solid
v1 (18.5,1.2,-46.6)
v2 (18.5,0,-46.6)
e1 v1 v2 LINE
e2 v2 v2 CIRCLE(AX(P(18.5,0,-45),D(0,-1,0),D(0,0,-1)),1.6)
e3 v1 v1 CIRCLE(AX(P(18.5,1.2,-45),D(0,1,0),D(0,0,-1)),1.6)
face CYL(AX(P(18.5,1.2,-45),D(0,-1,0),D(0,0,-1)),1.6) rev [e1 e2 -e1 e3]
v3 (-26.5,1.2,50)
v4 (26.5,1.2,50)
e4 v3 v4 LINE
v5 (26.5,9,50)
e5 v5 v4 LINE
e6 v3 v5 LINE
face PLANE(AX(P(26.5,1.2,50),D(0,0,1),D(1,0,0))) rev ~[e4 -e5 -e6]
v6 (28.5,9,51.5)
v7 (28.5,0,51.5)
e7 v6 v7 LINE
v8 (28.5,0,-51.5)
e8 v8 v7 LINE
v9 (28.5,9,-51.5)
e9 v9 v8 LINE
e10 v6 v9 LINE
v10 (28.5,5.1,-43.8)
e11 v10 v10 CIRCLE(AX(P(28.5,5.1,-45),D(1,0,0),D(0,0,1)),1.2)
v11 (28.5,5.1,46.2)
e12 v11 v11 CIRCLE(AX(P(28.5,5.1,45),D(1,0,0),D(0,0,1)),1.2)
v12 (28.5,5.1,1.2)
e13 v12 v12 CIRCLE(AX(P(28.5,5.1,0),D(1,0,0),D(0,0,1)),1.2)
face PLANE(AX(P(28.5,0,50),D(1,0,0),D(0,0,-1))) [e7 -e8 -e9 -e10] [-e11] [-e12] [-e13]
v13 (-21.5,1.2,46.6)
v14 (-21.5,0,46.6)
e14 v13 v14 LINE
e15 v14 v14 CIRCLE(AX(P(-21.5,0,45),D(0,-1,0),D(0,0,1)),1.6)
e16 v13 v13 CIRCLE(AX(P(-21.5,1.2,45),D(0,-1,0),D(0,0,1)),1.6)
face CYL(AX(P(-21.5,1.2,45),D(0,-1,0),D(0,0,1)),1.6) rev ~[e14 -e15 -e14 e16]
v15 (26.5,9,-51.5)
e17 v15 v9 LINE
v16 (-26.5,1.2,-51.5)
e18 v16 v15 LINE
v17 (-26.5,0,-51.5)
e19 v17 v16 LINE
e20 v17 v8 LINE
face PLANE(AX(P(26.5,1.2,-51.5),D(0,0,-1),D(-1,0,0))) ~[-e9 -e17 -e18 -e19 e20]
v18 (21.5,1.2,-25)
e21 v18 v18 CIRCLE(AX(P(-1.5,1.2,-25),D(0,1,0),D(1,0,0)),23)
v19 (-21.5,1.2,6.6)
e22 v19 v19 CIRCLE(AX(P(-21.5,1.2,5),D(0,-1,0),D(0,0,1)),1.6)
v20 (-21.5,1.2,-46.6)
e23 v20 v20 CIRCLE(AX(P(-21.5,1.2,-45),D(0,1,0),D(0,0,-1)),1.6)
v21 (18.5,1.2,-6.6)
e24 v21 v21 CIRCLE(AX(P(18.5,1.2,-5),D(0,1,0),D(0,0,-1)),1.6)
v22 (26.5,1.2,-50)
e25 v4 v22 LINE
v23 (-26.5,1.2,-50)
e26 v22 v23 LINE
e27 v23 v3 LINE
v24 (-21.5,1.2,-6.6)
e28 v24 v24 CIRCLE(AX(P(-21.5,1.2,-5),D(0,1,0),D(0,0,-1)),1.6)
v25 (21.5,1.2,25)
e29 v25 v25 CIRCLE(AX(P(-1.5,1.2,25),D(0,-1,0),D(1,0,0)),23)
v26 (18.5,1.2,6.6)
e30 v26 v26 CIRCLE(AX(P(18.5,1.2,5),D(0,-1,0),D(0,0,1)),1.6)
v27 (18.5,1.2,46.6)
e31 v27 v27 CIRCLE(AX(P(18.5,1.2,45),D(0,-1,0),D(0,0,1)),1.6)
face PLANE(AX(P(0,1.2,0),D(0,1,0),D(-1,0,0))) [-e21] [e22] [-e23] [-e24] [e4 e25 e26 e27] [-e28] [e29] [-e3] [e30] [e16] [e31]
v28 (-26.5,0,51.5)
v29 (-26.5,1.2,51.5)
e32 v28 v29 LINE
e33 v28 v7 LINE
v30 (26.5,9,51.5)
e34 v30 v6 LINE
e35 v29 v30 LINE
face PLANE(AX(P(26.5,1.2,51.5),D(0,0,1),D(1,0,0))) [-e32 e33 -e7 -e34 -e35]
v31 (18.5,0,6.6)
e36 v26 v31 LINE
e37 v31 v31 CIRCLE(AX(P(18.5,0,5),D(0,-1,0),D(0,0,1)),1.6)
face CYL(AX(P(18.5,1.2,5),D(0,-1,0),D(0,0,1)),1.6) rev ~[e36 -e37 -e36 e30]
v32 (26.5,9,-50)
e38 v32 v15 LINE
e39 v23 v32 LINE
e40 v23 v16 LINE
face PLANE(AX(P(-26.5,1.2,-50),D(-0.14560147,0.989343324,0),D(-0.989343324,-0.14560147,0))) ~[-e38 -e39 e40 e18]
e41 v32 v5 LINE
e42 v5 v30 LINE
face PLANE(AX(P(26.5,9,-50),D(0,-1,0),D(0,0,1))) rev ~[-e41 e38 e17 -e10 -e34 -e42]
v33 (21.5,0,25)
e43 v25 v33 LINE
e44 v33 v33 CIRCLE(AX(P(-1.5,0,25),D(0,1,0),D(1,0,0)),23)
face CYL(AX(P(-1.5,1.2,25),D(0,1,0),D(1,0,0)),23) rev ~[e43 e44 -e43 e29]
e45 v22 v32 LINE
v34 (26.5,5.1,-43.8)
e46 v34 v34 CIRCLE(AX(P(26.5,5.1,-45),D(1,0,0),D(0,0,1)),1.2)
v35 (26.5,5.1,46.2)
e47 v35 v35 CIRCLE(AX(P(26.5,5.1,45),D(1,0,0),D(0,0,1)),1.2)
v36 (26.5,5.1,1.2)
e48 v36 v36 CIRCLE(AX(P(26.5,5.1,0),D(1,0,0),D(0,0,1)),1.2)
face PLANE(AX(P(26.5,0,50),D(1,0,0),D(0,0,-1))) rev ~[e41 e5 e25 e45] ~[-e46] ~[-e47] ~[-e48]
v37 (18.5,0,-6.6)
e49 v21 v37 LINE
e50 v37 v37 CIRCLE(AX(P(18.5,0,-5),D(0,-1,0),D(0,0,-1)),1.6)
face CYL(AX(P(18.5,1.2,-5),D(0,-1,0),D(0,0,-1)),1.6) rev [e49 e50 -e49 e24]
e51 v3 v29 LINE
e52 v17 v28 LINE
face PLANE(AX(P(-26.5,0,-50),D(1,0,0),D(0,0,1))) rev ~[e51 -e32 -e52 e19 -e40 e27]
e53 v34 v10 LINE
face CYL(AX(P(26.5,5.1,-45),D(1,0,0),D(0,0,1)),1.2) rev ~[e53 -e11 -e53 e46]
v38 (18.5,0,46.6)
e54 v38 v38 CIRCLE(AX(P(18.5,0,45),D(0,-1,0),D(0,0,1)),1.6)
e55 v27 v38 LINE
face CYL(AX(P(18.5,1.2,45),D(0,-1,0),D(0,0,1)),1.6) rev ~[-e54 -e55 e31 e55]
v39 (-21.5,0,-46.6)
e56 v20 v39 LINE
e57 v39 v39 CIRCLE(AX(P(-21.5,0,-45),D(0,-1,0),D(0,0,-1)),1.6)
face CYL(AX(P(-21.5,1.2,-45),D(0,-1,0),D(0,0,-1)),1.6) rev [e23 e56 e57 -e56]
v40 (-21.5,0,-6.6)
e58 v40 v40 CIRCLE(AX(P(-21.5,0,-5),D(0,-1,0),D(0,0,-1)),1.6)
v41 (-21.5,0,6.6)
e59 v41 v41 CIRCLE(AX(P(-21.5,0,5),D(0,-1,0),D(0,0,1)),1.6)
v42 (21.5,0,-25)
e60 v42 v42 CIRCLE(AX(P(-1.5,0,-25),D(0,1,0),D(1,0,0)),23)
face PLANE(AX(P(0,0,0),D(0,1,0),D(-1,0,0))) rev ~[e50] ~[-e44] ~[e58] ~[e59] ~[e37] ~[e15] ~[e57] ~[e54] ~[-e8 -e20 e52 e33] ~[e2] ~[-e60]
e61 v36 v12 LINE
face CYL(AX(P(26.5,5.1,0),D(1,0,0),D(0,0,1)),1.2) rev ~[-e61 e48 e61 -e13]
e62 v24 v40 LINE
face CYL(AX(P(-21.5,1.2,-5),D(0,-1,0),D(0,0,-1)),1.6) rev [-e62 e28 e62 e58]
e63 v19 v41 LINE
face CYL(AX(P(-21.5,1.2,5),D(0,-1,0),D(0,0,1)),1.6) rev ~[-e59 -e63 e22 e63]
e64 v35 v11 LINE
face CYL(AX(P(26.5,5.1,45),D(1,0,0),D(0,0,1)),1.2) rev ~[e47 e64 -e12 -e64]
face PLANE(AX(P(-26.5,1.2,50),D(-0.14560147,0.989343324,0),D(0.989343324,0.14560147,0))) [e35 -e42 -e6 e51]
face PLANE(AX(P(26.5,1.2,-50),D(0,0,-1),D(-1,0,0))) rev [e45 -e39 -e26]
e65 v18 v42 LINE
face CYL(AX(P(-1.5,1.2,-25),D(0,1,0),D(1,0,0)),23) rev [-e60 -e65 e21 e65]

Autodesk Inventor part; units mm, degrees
ref_plane "YZ Plane" through (0, 0, 0) normal (1, 0, 0) x (0, 1, 0)
ref_plane "XZ Plane" through (0, 0, 0) normal (0, 1, 0) x (-1, 0, 0)
ref_plane "XY Plane" through (0, 0, 0) normal (0, 0, 1) x (1, 0, 0)
sketch "Sketch1" plane through (0, 0, 0) normal (0, 1, 0) x (-1, 0, 0)
  line L0 (-26.5, -50) -> (26.5, -50)
  line L1 (26.5, -50) -> (26.5, 50)
  line L2 (26.5, 50) -> (-26.5, 50)
  line L3 (-26.5, 50) -> (-26.5, -50)
  line L4 (-26.5, -50) -> (26.5, 50) construction
  line L5 (26.5, -50) -> (-26.5, 50) construction
  point P0 (0, 0)
  dimension "d0" = 53
  dimension "d1" = 100
extrude "Extrusion1" add sketch "Sketch1" along normal blind 1.2
sketch "Sketch2" plane through (26.5, 0, 50) normal (1, 0, 0) x (0, 0, -1)
  line L0 (100, 0) -> (0, 0) projected
  line L1 (0, 0) -> (100, 0)
  line L2 (100, 0) -> (100, 9)
  line L3 (100, 9) -> (0, 9)
  line L4 (0, 9) -> (0, 0)
  point P0 (50, 0)
  dimension "d4" = 9
extrude "Extrusion2" add sketch "Sketch2" along normal blind 2
sketch "Sketch3" plane through (26.5, 1.2, 50) normal (0, 0, 1) x (1, 0, 0)
  line L0 (-53, -1.2) -> (2, -1.2) projected
  line L1 (2, 7.8) -> (2, -1.2) projected
  line L2 (0, 7.8) -> (2, 7.8) projected
  line L3 (0, 7.8) -> (0, 0) projected
  line L4 (-53, 0) -> (0, 0) projected
  line L5 (-53, -1.2) -> (-53, 0) projected
  line L6 (0, 7.8) -> (2, 7.8) projected
  line L7 (-53, 0) -> (0, 7.8)
  point P0 (-26.5, -1.2)
extrude "Extrusion3" add sketch "Sketch3" along normal blind 1.5
mirror "Mirror1" about plane through (0, 0, 0) normal (0, 0, 1) of "Extrusion3"
sketch "Sketch4" plane through (26.5, 0, 50) normal (-1, 0, 0) x (0, 0, 1)
  line L0 (0, 1.2) -> (-100, 1.2) projected
  line L1 (0, 9) -> (0, 1.2) projected
  line L2 (-100, 9) -> (0, 9) projected
  line L3 (-100, 1.2) -> (-100, 9) projected
  line L4 (-5, 5.1) -> (-95, 5.1)
  line L5 (-100, 1.2) -> (0, 1.2) projected
  point P0 (-50, 0)
  point P1 (0, 5.1)
  point P2 (-50, 5.1)
  point P3 (-50, 9)
  dimension "d9" = 90
hole "Hole1" at (26.5, 5.1, 45) at (26.5, 5.1, 0) at (26.5, 5.1, -45) direction (1, 0, 0) diameter 2.4 end through all clearance for "Flat Head Machine Screw" size "M2" standard "Ansi Metric M Profile"
sketch "Sketch5" plane through (0, 1.2, 0) normal (0, 1, 0) x (1, 0, 0)
  circle A0 centre (-1.5, -25) radius 23
  line L0 (18.5, -5) -> (-21.5, -5)
  line L1 (-21.5, -5) -> (-21.5, -45)
  line L2 (-21.5, -45) -> (18.5, -45)
  line L3 (18.5, -45) -> (18.5, -5)
  line L4 (18.5, -5) -> (-21.5, -45) construction
  line L5 (-21.5, -5) -> (18.5, -45) construction
  line L6 (-26.5, 50) -> (-26.5, -50) projected
  point P0 (0, 0)
  dimension "d17" = 46
  dimension "d18" = 40
  dimension "d19" = 40
  dimension "d20" = 25
  dimension "d21" = 25
extrude "Extrusion4" cut sketch "Sketch5" against normal through all contours A0 L3 | L3 A0 L2 L1 L0 | L0 A0 | A0 L2 | L1 A0
hole "Hole2" at (-21.5, 1.2, 45) at (-21.5, 1.2, 5) at (18.5, 1.2, 5) at (18.5, 1.2, 45) direction (0, -1, 0) diameter 3.2 end through all clearance for "Flat Head Machine Screw" size "M3" standard "Ansi Metric M Profile"
mirror "Mirror2" about plane through (0, 0, 0) normal (0, 0, 1) of "Hole2", "Extrusion4"
equation "\"d19\" = d18"
properties part number "Fan_Bracket"
